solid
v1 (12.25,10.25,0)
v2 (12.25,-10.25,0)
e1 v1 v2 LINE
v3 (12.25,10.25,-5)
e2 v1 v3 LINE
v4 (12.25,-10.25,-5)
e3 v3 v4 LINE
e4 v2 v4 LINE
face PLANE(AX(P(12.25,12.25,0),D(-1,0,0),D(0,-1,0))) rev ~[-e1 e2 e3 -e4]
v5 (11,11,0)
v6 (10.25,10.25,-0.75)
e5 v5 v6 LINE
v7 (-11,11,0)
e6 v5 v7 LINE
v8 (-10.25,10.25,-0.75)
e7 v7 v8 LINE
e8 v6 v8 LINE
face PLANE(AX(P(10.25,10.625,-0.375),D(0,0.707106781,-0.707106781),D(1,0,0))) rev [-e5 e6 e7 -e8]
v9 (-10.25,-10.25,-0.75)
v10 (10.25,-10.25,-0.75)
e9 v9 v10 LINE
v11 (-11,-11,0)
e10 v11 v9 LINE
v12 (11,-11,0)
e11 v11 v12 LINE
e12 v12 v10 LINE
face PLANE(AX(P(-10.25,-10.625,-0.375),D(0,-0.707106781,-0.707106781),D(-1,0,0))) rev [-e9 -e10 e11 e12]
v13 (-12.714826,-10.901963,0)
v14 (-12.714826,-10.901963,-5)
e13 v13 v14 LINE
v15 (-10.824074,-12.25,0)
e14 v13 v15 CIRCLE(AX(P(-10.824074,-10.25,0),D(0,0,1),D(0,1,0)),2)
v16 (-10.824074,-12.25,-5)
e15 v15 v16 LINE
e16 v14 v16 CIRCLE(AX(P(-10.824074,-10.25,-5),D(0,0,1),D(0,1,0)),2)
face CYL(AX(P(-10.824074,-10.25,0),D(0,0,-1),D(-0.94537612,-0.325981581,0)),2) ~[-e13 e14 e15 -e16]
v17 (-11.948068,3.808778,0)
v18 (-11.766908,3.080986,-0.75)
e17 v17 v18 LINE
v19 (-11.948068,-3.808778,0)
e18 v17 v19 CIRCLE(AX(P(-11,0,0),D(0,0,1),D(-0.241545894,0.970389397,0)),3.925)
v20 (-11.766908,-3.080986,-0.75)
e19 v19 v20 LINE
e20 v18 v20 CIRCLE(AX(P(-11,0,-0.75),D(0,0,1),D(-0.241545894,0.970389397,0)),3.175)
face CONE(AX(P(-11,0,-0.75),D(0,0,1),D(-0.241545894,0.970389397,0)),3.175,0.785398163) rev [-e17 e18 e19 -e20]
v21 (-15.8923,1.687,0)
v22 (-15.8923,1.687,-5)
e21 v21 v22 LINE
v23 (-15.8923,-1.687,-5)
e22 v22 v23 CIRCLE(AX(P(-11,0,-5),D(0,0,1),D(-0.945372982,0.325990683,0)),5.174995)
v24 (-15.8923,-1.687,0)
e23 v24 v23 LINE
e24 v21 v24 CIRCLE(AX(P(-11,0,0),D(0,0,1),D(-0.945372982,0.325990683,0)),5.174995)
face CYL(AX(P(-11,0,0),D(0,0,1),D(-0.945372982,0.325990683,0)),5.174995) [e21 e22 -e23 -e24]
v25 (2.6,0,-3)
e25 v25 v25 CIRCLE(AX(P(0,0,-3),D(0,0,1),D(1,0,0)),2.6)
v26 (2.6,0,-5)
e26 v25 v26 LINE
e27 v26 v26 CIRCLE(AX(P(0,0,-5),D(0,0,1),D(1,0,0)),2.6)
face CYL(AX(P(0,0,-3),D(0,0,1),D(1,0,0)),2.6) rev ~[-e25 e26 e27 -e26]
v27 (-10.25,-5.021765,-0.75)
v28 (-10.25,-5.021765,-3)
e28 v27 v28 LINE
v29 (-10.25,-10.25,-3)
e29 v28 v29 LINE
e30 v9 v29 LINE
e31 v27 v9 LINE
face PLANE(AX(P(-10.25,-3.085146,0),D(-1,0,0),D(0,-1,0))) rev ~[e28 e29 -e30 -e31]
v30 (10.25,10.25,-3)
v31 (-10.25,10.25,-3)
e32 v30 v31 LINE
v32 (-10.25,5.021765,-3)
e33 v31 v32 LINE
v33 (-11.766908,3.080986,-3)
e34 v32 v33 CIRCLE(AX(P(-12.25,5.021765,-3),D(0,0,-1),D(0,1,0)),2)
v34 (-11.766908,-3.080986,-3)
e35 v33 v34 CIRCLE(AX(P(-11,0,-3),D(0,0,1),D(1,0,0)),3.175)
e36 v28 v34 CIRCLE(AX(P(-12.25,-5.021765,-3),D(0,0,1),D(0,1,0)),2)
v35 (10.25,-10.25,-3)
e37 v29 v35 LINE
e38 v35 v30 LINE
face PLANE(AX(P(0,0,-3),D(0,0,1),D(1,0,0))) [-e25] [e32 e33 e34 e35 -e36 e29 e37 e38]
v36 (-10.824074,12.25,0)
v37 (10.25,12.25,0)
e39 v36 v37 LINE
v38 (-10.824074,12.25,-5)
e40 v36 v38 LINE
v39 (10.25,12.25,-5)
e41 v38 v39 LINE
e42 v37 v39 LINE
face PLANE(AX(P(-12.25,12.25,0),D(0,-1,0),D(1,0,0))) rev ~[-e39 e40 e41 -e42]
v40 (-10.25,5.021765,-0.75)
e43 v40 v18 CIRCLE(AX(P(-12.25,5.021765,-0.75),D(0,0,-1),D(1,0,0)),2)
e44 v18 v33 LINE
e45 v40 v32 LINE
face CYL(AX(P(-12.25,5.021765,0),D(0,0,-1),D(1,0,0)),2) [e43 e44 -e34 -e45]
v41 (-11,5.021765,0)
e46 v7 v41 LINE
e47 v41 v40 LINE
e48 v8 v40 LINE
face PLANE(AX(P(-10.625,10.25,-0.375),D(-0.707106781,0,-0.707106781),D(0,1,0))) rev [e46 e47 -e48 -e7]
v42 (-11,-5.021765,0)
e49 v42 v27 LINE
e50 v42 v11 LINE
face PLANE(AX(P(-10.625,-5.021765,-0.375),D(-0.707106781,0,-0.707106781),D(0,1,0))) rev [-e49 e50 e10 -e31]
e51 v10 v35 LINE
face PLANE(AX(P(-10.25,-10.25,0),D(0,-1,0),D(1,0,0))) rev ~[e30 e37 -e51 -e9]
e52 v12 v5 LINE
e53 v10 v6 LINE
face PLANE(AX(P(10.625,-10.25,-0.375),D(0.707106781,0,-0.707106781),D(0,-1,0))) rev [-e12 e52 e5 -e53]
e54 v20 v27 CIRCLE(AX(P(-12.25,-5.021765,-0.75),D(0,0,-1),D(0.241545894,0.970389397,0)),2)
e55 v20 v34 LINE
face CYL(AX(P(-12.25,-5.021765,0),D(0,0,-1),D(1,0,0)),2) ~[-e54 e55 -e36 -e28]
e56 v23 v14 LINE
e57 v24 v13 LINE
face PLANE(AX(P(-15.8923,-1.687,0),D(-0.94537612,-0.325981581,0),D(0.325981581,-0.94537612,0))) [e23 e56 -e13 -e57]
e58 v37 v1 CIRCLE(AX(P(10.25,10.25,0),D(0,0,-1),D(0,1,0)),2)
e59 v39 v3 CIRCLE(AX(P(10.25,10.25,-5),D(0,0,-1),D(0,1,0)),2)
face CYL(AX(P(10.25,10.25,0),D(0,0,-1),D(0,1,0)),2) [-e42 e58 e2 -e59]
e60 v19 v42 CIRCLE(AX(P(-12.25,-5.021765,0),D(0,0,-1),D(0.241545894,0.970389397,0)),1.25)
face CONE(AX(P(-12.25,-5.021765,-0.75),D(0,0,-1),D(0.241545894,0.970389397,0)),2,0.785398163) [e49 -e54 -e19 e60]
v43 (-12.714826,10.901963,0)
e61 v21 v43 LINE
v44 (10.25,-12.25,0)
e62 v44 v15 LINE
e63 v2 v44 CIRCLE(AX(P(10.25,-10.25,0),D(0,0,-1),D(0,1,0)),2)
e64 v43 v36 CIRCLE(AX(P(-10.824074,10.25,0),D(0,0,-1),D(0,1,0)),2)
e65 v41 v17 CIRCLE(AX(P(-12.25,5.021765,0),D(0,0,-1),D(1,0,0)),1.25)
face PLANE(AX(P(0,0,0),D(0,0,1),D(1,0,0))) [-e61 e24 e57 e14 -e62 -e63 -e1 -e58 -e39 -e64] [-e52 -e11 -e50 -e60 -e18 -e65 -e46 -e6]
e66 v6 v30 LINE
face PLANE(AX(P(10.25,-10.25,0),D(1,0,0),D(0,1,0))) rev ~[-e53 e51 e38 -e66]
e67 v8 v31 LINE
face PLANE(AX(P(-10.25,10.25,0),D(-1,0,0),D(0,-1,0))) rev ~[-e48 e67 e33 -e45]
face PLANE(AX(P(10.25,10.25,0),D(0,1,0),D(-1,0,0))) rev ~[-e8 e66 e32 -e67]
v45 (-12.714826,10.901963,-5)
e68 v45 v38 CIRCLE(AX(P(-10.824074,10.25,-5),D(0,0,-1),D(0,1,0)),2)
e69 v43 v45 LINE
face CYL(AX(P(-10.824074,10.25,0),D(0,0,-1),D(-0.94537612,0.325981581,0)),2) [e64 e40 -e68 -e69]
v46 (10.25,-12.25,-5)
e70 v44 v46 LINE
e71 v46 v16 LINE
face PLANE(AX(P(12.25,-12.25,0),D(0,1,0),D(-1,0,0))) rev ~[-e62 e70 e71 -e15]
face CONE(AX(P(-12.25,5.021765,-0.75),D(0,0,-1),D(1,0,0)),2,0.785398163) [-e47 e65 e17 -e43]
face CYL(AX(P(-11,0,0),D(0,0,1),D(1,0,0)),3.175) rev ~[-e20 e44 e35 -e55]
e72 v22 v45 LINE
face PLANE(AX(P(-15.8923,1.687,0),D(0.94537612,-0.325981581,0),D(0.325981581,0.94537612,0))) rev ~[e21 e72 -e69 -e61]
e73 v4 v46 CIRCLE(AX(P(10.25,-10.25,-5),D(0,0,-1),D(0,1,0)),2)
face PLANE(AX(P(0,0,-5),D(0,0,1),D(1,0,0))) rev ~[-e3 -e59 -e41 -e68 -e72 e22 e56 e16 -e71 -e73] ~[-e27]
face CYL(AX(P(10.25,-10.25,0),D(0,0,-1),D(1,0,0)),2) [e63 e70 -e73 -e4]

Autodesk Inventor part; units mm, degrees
ref_plane "YZ Plane" through (0, 0, 0) normal (1, 0, 0) x (0, 1, 0)
ref_plane "XZ Plane" through (0, 0, 0) normal (0, 1, 0) x (-1, 0, 0)
ref_plane "XY Plane" through (0, 0, 0) normal (0, 0, 1) x (1, 0, 0)
sketch "Sketch1" plane through (0, 0, 0) normal (0, 0, 1) x (1, 0, 0)
  line L0 (-10.25, -10.25) -> (10.25, -10.25)
  line L1 (10.25, -10.25) -> (10.25, 10.25)
  line L2 (10.25, 10.25) -> (-10.25, 10.25)
  line L3 (-10.25, 10.25) -> (-10.25, -10.25)
  line L4 (-10.25, -10.25) -> (10.25, 10.25) construction
  line L5 (10.25, -10.25) -> (-10.25, 10.25) construction
  circle A0 centre (-11, 0) radius 3.175
  arc A1 (-15.8923, 1.687) -> (-15.8923, -1.687) centre (-11, 0) ccw
  line L6 (-12.25, 12.25) -> (12.25, 12.25)
  line L7 (12.25, 12.25) -> (12.25, -12.25)
  line L8 (12.25, -12.25) -> (-12.25, -12.25)
  line L9 (-15.8923, 1.687) -> (-12.25, 12.25)
  line L10 (-15.8923, -1.687) -> (-12.25, -12.25)
  point P0 (0, 0)
  point P1 (0, 0)
  point P2 (-10.25, -3.0851)
  point P3 (-10.25, 3.0851)
  dimension "d0" = 20.5
  dimension "d1" = 20.5
  dimension "d3" = 6.35
  dimension "d4" = 11
  dimension "d5" = 2
  dimension "d6" = 2
  dimension "d7" = 2
  dimension "d8" = 2
  dimension "d10" = 2
  dimension "d11" = 2
extrude "Extrusion1" add sketch "Sketch1" against normal blind 5 contours L3 A0 L2 L1 L0 | A0 L3 | L3 A0 | L9 L6 L7 L8 L10 A1
extrude "Extrusion2" cut sketch "Sketch1" against normal blind 3 contours L3 A0 L2 L1 L0 | A0 L3 | L3 A0
sketch "Sketch2" plane through (0, 0, -3) normal (0, 0, 1) x (1, 0, 0)
  circle A0 centre (0, 0) radius 2.6
  dimension "d16" = 5.2
extrude "Extrusion3" cut sketch "Sketch2" against normal blind 10
fillet "Fillet1" radius 2 6 edges at (-10.25, 3.0851, -1.5) (-10.25, -3.0851, -1.5) (12.25, 12.25, -2.5) (12.25, -12.25, -2.5) (-12.25, 12.25, -2.5) (-12.25, -12.25, -2.5)
chamfer "Chamfer1" distance 0.75 angle 45 8 edges at (-10.25, 7.6359, 0) (-10.6742, 3.7901, 0) (-14.175, 0, 0) (-10.6742, -3.7901, 0) (-10.25, -7.6359, 0) (0, 10.25, 0) (10.25, 0, 0) (0, -10.25, 0)
properties part number "Y-Axis_Extrusion_Cap_LM3040" material "ABS Plastic"
